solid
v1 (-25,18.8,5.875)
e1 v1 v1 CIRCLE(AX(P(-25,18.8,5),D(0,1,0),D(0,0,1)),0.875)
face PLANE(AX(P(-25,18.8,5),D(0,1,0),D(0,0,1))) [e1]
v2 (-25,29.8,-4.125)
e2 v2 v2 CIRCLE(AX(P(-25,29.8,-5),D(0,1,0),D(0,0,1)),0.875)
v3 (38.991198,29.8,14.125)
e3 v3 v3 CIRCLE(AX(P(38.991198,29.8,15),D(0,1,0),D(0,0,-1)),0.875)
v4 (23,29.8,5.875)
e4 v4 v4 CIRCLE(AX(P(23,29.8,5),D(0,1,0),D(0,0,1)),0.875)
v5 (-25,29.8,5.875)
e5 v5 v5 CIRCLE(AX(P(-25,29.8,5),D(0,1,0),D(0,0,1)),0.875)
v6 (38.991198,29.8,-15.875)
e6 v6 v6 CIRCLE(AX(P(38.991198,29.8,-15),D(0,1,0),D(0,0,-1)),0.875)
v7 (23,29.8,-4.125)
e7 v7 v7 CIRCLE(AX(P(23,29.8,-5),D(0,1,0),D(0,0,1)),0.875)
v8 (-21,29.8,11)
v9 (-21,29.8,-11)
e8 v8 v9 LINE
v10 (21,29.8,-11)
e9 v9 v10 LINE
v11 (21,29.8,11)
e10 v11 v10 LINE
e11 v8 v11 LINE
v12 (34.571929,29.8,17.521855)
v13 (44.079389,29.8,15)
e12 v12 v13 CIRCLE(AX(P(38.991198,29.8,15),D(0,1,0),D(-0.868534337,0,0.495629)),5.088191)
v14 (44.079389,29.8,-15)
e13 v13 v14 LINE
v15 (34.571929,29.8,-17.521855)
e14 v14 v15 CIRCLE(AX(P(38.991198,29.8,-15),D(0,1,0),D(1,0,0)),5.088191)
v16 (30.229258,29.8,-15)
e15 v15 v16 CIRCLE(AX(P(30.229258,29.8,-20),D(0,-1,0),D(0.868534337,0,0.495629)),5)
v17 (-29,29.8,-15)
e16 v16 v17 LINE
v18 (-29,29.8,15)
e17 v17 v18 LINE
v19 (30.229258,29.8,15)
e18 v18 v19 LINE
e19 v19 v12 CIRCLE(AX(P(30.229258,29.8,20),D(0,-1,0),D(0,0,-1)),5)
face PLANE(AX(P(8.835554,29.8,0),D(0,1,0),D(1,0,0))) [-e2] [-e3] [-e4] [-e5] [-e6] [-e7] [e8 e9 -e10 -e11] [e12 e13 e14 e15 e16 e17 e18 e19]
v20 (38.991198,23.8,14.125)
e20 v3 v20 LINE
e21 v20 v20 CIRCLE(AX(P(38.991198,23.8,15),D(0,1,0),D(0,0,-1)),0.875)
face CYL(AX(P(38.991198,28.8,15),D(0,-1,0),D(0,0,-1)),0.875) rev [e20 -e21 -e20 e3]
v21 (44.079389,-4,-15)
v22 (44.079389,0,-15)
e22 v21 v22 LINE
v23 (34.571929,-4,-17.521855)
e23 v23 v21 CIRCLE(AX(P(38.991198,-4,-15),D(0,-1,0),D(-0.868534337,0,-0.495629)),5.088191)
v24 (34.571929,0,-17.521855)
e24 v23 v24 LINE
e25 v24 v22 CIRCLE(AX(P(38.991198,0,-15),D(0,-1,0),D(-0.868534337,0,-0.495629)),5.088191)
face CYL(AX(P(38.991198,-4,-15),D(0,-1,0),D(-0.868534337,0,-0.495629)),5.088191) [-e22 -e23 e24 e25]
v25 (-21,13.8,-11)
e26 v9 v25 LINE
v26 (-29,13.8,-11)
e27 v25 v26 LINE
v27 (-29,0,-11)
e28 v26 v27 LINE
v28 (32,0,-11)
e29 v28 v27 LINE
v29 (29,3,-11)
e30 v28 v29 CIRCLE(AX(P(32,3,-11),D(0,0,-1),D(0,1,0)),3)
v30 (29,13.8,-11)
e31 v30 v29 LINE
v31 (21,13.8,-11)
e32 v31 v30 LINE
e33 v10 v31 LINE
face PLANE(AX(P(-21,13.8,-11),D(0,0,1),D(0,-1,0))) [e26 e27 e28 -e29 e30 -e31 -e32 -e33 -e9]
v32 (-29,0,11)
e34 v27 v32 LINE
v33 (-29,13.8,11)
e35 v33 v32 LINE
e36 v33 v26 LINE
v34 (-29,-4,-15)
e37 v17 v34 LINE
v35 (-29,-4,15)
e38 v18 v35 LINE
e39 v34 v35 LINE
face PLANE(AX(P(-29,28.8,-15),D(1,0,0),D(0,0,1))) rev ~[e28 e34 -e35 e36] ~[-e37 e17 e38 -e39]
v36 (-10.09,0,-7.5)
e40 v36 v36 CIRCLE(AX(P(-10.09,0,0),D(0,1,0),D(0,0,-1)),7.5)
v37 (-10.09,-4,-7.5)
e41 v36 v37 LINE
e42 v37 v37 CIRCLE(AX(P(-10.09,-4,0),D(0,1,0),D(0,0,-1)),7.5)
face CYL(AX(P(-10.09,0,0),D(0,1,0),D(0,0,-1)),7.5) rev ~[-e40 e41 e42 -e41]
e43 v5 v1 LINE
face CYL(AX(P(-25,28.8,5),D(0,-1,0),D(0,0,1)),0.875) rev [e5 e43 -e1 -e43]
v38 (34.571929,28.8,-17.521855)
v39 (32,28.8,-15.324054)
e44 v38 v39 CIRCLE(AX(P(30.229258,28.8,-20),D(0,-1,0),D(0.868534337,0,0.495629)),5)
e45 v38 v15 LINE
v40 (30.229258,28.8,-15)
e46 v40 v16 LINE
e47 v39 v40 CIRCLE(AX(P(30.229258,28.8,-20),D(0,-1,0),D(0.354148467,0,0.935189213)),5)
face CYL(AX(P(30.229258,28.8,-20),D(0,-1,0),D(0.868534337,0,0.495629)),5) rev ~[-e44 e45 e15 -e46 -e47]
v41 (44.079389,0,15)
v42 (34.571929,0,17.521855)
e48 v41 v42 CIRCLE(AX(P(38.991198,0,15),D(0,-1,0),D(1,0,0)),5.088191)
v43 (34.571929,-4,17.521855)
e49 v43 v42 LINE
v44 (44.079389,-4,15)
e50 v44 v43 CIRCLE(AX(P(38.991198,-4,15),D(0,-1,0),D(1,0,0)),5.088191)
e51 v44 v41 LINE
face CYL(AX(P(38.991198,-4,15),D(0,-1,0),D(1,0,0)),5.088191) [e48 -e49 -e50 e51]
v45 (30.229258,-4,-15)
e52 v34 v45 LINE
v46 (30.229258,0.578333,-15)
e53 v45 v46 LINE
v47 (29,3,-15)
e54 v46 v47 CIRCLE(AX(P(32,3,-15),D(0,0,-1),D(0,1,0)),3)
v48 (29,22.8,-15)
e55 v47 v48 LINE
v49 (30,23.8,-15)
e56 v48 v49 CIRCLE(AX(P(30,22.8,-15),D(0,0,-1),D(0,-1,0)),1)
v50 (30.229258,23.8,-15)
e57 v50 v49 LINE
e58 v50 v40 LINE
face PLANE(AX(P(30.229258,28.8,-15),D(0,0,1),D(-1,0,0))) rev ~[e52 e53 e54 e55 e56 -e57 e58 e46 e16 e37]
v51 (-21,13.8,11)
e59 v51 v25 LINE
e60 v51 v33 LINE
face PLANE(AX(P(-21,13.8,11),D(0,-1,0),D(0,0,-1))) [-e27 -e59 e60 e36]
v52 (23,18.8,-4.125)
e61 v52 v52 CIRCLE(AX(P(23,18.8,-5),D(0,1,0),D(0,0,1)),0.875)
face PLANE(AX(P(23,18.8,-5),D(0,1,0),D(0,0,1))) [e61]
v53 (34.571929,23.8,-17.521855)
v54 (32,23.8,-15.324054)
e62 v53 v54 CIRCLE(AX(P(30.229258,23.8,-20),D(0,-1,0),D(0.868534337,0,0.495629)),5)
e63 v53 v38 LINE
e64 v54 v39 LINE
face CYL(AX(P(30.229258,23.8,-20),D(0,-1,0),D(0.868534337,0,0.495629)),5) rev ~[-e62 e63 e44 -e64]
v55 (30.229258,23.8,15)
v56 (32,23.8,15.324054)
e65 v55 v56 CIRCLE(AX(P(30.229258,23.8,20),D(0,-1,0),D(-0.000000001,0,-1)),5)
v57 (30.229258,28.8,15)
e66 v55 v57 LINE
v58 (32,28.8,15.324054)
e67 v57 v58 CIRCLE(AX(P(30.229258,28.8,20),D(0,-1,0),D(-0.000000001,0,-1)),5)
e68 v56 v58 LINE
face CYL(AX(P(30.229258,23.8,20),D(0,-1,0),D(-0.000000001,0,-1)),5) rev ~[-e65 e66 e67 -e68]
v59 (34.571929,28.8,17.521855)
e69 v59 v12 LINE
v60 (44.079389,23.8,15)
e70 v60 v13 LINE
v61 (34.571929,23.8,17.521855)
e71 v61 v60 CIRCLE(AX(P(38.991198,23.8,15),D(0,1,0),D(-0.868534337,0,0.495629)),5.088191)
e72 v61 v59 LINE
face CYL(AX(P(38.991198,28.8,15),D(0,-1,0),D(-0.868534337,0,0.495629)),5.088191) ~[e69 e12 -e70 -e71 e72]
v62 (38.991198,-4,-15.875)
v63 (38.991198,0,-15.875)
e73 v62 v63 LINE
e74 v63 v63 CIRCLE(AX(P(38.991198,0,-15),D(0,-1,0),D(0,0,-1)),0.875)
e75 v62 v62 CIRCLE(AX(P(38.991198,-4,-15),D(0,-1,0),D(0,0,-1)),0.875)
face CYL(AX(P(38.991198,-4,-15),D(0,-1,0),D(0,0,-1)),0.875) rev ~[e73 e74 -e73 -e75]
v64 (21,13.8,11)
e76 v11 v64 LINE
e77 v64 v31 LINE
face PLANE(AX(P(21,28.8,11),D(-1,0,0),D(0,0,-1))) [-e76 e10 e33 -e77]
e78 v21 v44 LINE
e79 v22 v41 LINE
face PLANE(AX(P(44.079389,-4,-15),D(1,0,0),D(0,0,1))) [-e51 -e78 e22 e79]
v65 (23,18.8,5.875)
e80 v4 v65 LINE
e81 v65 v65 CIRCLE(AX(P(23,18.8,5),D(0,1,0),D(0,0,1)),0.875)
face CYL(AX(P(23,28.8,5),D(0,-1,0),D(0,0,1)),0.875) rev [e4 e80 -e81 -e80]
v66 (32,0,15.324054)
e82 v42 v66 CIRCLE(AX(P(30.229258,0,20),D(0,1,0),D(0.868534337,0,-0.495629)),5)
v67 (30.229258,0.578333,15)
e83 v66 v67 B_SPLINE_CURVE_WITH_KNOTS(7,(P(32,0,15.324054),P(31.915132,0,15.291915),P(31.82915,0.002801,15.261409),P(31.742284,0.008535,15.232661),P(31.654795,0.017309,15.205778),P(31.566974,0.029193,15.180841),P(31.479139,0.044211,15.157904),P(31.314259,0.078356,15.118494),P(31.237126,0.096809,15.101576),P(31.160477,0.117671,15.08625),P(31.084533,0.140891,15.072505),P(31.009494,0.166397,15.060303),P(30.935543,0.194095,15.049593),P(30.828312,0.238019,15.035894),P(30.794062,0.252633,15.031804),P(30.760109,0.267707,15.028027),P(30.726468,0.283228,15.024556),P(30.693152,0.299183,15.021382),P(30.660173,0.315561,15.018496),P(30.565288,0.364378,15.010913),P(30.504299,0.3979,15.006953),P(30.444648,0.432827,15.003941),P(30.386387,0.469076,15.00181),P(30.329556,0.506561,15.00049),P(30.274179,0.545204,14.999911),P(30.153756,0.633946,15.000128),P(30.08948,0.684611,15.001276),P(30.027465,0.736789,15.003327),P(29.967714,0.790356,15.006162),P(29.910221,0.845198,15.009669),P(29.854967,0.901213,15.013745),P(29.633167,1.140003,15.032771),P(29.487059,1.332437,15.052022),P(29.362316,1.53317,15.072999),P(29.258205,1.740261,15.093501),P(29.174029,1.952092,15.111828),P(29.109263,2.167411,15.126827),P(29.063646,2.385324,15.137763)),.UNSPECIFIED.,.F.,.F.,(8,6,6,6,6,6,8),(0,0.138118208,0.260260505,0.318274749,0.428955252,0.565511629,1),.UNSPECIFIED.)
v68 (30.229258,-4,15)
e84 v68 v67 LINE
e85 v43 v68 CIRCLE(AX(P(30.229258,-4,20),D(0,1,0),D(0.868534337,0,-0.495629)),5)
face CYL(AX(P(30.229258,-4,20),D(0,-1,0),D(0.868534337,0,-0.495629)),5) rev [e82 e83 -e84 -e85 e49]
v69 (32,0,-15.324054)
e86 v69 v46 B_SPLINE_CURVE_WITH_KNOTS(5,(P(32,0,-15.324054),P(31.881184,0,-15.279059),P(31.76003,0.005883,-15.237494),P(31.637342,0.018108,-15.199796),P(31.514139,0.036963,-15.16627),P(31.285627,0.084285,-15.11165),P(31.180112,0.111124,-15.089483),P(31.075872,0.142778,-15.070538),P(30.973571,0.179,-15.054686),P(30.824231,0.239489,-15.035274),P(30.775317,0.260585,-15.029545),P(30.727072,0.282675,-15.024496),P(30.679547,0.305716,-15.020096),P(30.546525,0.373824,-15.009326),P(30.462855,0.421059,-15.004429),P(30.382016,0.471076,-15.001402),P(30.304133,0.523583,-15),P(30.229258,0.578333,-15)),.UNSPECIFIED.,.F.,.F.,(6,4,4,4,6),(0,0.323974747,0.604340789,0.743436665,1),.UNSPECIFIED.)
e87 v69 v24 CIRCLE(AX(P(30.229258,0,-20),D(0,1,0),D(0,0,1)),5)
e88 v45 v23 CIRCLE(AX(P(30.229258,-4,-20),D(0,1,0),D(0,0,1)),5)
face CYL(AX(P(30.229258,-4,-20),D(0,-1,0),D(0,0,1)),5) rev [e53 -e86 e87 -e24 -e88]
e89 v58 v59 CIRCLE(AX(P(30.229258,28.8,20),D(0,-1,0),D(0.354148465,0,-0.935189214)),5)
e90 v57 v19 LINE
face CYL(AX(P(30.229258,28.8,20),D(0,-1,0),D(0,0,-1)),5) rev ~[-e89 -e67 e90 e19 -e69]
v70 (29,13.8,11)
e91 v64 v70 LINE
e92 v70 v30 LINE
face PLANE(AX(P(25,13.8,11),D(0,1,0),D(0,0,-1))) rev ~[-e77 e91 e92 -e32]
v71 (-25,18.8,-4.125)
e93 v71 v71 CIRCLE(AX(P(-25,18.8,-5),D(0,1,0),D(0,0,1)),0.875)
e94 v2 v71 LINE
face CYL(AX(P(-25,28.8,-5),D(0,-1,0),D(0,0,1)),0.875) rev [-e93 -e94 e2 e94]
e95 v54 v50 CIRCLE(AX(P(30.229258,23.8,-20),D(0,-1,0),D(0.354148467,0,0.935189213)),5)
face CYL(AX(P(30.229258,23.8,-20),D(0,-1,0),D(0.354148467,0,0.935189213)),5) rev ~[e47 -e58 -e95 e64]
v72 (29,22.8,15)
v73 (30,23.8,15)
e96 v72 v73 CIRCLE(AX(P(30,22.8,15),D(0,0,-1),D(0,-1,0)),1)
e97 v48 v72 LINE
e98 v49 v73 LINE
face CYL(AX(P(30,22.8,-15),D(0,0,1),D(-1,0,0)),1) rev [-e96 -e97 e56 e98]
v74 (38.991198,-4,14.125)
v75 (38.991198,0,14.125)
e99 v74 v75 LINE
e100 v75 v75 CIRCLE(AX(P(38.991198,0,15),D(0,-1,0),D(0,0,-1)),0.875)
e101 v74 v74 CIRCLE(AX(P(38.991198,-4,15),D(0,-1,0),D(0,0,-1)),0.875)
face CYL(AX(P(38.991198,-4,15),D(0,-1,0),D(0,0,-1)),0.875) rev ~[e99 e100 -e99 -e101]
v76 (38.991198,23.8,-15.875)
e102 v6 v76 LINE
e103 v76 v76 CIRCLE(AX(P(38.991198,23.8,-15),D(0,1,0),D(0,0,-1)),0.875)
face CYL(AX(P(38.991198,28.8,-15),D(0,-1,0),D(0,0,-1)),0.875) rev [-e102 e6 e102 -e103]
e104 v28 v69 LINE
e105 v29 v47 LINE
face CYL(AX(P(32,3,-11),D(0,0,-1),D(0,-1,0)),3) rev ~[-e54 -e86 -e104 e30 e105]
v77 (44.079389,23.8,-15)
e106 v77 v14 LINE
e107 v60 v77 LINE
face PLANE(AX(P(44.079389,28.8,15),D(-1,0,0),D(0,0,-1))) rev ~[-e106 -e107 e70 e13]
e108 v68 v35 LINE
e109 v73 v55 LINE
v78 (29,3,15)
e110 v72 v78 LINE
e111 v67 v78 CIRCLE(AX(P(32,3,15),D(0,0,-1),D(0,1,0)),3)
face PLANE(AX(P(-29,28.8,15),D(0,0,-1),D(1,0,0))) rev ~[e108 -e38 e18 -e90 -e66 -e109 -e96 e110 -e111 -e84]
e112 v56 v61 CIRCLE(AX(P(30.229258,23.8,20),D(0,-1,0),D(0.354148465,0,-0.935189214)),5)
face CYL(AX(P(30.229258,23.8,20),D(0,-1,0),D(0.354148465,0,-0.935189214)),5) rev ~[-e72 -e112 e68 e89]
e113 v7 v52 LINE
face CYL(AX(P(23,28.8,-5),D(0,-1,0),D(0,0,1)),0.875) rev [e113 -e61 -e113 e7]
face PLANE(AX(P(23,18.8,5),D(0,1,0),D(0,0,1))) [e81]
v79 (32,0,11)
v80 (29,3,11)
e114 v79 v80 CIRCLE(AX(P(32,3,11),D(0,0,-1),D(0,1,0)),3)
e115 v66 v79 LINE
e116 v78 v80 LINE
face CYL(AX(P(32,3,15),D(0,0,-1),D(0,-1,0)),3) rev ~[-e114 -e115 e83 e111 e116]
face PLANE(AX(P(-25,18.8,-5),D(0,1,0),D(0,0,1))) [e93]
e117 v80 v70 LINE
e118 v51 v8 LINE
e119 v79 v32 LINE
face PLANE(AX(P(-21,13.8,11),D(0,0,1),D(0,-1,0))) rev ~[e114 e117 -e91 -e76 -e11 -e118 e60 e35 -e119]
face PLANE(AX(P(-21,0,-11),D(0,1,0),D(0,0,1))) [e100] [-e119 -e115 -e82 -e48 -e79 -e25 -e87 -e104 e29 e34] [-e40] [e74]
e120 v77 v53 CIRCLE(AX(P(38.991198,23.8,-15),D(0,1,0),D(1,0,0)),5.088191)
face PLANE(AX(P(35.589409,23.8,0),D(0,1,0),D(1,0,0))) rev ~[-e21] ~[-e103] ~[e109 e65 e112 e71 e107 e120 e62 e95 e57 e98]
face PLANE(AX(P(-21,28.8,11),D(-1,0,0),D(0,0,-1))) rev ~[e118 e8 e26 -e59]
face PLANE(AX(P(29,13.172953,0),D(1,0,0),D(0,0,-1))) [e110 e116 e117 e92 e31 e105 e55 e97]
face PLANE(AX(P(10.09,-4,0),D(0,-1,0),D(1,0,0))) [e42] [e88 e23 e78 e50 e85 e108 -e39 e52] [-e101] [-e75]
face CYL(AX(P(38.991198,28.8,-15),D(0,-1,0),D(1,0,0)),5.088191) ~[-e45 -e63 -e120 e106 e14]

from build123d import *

# Parameters (mm, degrees)
SKETCH2_W           = 50
SKETCH2_H           = 30
SKETCH2_W_2         = 42
SKETCH2_H_2         = 22
BOSS_EXTRUDE1_DEPTH = 28.8
SKETCH3_W           = 50
SKETCH3_H           = 30
BOSS_EXTRUDE2_DEPTH = 4
SKETCH4_W           = 22
SKETCH4_H           = 17.8
CUT_EXTRUDE1_DEPTH  = 4
SKETCH5_W           = 30
SKETCH5_H           = 32.8
BOSS_EXTRUDE3_DEPTH = 4
BOSS_EXTRUDE4_DEPTH = 4
SKETCH7_R           = 0.875
CUT_EXTRUDE2_DEPTH  = 10
SKETCH8_R           = 0.875
BOSS_EXTRUDE5_DEPTH = 4
FILLET1_R           = 3
BOSS_EXTRUDE6_START = -5
SKETCH9_R           = 0.875
BOSS_EXTRUDE6_DEPTH = 5
FILLET2_R           = 1
SKETCH11_R          = 0.875
SKETCH11_W          = 42
SKETCH11_H          = 22
BOSS_EXTRUDE7_DEPTH = 1
SKETCH14_R          = 5
CUT_EXTRUDE3_DEPTH  = 37
SKETCH17_R          = 7.5
CUT_EXTRUDE4_DEPTH  = 57.873262079
SKETCH18_R          = 5
BOSS_EXTRUDE9_DEPTH = 4
CUT_EXTRUDE5_DEPTH  = 75.343138703


with BuildPart() as part:
    # Sketch2 → Boss-Extrude1 (new body)
    with BuildSketch(Plane(origin=(0, 0, 0), x_dir=(1, 0, 0), z_dir=(0, 1, 0))):
        Rectangle(SKETCH2_W, SKETCH2_H)
        Rectangle(SKETCH2_W_2, SKETCH2_H_2, mode=Mode.SUBTRACT)
    extrude(amount=BOSS_EXTRUDE1_DEPTH)

    # Sketch3 → Boss-Extrude2 (add)
    with BuildSketch(Plane.XZ):
        Rectangle(SKETCH3_W, SKETCH3_H)
    extrude(amount=BOSS_EXTRUDE2_DEPTH)

    # Sketch4 → Cut-Extrude1 (cut)
    with BuildSketch(Plane(origin=(25, 0, 0), x_dir=(0, 0, -1), z_dir=(1, 0, 0))):
        with Locations((0, 4.9)):
            Rectangle(SKETCH4_W, SKETCH4_H)
    extrude(amount=-CUT_EXTRUDE1_DEPTH, mode=Mode.SUBTRACT)

    # Sketch5 → Boss-Extrude3 (add)
    with BuildSketch(Plane.ZY.offset(25)):
        with Locations((0, 12.4)):
            Rectangle(SKETCH5_W, SKETCH5_H)
    extrude(amount=BOSS_EXTRUDE3_DEPTH)

    # Sketch6 → Boss-Extrude4 (add)
    with BuildSketch(Plane(origin=(25, 0, 0), x_dir=(0, 0, -1), z_dir=(1, 0, 0))):
        Polygon((-15, -4), (-11, -4), (-11, 13.8), (11, 13.8), (11, -4), (15, -4), (15, 28.8), (-15, 28.8), align=None)
    extrude(amount=BOSS_EXTRUDE4_DEPTH)

    # Sketch7 → Cut-Extrude2 (cut)
    with BuildSketch(Plane(origin=(0, 28.8, 0), x_dir=(1, 0, 0), z_dir=(0, 1, 0))):
        with Locations(Location((23, -5, 0), (0, 0, 270))):
            Circle(SKETCH7_R)
        with Locations(Location((23, 5, 0), (0, 0, 270))):
            Circle(SKETCH7_R)
        with Locations(Location((-25, 5, 0), (0, 0, 270))):
            Circle(SKETCH7_R)
        with Locations(Location((-25, -5, 0), (0, 0, 270))):
            Circle(SKETCH7_R)
    extrude(amount=-CUT_EXTRUDE2_DEPTH, mode=Mode.SUBTRACT)

    # Sketch8 → Boss-Extrude5 (add)
    with BuildSketch(Plane.XZ.offset(4)):
        with BuildLine():
            Line((20.903006959, -15), (30.229257675, -15))
            ThreePointArc((30.229257675, -15), (32.740161395, -15.676186578), (34.571929358, -17.521854998))
            ThreePointArc((34.571929358, -17.521854998), (40.295729423, -19.918118011), (44.079388874, -15))
            Line((44.079388874, -15), (44.079388874, 15))
            ThreePointArc((44.079388874, 15), (40.295729423, 19.918118011), (34.571929358, 17.521854998))
            ThreePointArc((34.571929358, 17.521854998), (32.740161395, 15.676186578), (30.229257675, 15))
            Line((30.229257675, 15), (20.903006959, 15))
            Line((20.903006959, 15), (20.903006959, -15))
        make_face()
        with Locations(Location((38.991197916, 15, 0), (0, 0, 270))):
            Circle(SKETCH8_R, mode=Mode.SUBTRACT)
        with Locations(Location((38.991197916, -15, 0), (0, 0, 270))):
            Circle(SKETCH8_R, mode=Mode.SUBTRACT)
    extrude(amount=-BOSS_EXTRUDE5_DEPTH)

    # Fillet1
    fillet1_edges = [part.edges().sort_by_distance(p)[0] for p in [
        (29, 0, -13),
        (29, 0, 13),
    ]]
    fillet(fillet1_edges, radius=FILLET1_R)

    # Sketch9 → Boss-Extrude6 (add)
    with BuildSketch(Plane(origin=(0, 28.8, 0), x_dir=(1, 0, 0), z_dir=(0, 1, 0)).offset(BOSS_EXTRUDE6_START)):
        with BuildLine():
            Line((30.229257675, 15), (26.332891716, 15))
            Line((26.332891716, 15), (26.332891716, -15))
            Line((26.332891716, -15), (30.229257675, -15))
            ThreePointArc((30.229257675, -15), (31.129332579, -15.081680656), (32, -15.324053934))
            ThreePointArc((32, -15.324053934), (33.477494133, -16.198821247), (34.571929358, -17.521854998))
            ThreePointArc((34.571929358, -17.521854998), (40.295729423, -19.918118011), (44.079388874, -15))
            Line((44.079388874, -15), (44.079388874, 15))
            ThreePointArc((44.079388874, 15), (40.295729423, 19.918118011), (34.571929358, 17.521854998))
            ThreePointArc((34.571929358, 17.521854998), (33.477494133, 16.198821247), (32, 15.324053934))
            ThreePointArc((32, 15.324053934), (31.129332579, 15.081680656), (30.229257675, 15))
        make_face()
        with Locations(Location((38.991197916, -15, 0), (0, 0, 90))):
            Circle(SKETCH9_R, mode=Mode.SUBTRACT)
        with Locations(Location((38.991197916, 15, 0), (0, 0, 90))):
            Circle(SKETCH9_R, mode=Mode.SUBTRACT)
    extrude(amount=BOSS_EXTRUDE6_DEPTH)

    # Fillet2
    fillet2_edges = [part.edges().sort_by_distance(p)[0] for p in [
        (29, 23.8, 0),
    ]]
    fillet(fillet2_edges, radius=FILLET2_R)

    # Sketch11 → Boss-Extrude7 (add)
    with BuildSketch(Plane(origin=(0, 28.8, 0), x_dir=(1, 0, 0), z_dir=(0, 1, 0))):
        with BuildLine():
            Line((-29, -15), (30.229257675, -15))
            ThreePointArc((30.229257675, -15), (32.740161395, -15.676186578), (34.571929358, -17.521854998))
            ThreePointArc((34.571929358, -17.521854998), (40.295729423, -19.918118011), (44.079388874, -15))
            Line((44.079388874, -15), (44.079388874, 15))
            ThreePointArc((44.079388874, 15), (40.295729423, 19.918118011), (34.571929358, 17.521854998))
            ThreePointArc((34.571929358, 17.521854998), (32.740161395, 15.676186578), (30.229257675, 15))
            Line((30.229257675, 15), (-29, 15))
            Line((-29, 15), (-29, -15))
        make_face()
        with Locations(Location((-25, 5, 0), (0, 0, 270))):
            Circle(SKETCH11_R, mode=Mode.SUBTRACT)
        with Locations(Location((-25, -5, 0), (0, 0, 270))):
            Circle(SKETCH11_R, mode=Mode.SUBTRACT)
        with Locations(Location((23, 5, 0), (0, 0, 270))):
            Circle(SKETCH11_R, mode=Mode.SUBTRACT)
        with Locations(Location((23, -5, 0), (0, 0, 270))):
            Circle(SKETCH11_R, mode=Mode.SUBTRACT)
        with Locations(Location((38.991197916, -15, 0), (0, 0, 90))):
            Circle(SKETCH11_R, mode=Mode.SUBTRACT)
        with Locations(Location((38.991197916, 15, 0), (0, 0, 90))):
            Circle(SKETCH11_R, mode=Mode.SUBTRACT)
        Rectangle(SKETCH11_W, SKETCH11_H, mode=Mode.SUBTRACT)
    extrude(amount=BOSS_EXTRUDE7_DEPTH)

    # Sketch14 → Cut-Extrude3 (cut)
    with BuildSketch(Plane.XZ.offset(4)):
        with Locations(Location((10.09, 0, 0), (0, 0, 270))):
            Circle(SKETCH14_R)
    extrude(amount=-CUT_EXTRUDE3_DEPTH, mode=Mode.SUBTRACT)

    # Sketch17 → Cut-Extrude4 (cut, through all)
    with BuildSketch(Plane(origin=(0, 0, 0), x_dir=(1, 0, 0), z_dir=(0, 1, 0))):
        with Locations(Location((-10.09, 0, 0), (0, 0, 90))):
            Circle(SKETCH17_R)
    extrude(amount=-CUT_EXTRUDE4_DEPTH, mode=Mode.SUBTRACT)

    # Sketch18 → Boss-Extrude9 (add)
    with BuildSketch(Plane.XZ.offset(4)):
        with Locations((10.09, 0)):
            Circle(SKETCH18_R)
    extrude(amount=-BOSS_EXTRUDE9_DEPTH)

    # Sketch19 → Cut-Extrude5 (cut, through all)
    with BuildSketch(Plane(origin=(-21, 0, 0), x_dir=(0, 0, -1), z_dir=(1, 0, 0))):
        Polygon((-11, 13.8), (11, 13.8), (11, 0), (-11, 0), (-11, 3), align=None)
    extrude(amount=-CUT_EXTRUDE5_DEPTH, mode=Mode.SUBTRACT)


solid = part.part
